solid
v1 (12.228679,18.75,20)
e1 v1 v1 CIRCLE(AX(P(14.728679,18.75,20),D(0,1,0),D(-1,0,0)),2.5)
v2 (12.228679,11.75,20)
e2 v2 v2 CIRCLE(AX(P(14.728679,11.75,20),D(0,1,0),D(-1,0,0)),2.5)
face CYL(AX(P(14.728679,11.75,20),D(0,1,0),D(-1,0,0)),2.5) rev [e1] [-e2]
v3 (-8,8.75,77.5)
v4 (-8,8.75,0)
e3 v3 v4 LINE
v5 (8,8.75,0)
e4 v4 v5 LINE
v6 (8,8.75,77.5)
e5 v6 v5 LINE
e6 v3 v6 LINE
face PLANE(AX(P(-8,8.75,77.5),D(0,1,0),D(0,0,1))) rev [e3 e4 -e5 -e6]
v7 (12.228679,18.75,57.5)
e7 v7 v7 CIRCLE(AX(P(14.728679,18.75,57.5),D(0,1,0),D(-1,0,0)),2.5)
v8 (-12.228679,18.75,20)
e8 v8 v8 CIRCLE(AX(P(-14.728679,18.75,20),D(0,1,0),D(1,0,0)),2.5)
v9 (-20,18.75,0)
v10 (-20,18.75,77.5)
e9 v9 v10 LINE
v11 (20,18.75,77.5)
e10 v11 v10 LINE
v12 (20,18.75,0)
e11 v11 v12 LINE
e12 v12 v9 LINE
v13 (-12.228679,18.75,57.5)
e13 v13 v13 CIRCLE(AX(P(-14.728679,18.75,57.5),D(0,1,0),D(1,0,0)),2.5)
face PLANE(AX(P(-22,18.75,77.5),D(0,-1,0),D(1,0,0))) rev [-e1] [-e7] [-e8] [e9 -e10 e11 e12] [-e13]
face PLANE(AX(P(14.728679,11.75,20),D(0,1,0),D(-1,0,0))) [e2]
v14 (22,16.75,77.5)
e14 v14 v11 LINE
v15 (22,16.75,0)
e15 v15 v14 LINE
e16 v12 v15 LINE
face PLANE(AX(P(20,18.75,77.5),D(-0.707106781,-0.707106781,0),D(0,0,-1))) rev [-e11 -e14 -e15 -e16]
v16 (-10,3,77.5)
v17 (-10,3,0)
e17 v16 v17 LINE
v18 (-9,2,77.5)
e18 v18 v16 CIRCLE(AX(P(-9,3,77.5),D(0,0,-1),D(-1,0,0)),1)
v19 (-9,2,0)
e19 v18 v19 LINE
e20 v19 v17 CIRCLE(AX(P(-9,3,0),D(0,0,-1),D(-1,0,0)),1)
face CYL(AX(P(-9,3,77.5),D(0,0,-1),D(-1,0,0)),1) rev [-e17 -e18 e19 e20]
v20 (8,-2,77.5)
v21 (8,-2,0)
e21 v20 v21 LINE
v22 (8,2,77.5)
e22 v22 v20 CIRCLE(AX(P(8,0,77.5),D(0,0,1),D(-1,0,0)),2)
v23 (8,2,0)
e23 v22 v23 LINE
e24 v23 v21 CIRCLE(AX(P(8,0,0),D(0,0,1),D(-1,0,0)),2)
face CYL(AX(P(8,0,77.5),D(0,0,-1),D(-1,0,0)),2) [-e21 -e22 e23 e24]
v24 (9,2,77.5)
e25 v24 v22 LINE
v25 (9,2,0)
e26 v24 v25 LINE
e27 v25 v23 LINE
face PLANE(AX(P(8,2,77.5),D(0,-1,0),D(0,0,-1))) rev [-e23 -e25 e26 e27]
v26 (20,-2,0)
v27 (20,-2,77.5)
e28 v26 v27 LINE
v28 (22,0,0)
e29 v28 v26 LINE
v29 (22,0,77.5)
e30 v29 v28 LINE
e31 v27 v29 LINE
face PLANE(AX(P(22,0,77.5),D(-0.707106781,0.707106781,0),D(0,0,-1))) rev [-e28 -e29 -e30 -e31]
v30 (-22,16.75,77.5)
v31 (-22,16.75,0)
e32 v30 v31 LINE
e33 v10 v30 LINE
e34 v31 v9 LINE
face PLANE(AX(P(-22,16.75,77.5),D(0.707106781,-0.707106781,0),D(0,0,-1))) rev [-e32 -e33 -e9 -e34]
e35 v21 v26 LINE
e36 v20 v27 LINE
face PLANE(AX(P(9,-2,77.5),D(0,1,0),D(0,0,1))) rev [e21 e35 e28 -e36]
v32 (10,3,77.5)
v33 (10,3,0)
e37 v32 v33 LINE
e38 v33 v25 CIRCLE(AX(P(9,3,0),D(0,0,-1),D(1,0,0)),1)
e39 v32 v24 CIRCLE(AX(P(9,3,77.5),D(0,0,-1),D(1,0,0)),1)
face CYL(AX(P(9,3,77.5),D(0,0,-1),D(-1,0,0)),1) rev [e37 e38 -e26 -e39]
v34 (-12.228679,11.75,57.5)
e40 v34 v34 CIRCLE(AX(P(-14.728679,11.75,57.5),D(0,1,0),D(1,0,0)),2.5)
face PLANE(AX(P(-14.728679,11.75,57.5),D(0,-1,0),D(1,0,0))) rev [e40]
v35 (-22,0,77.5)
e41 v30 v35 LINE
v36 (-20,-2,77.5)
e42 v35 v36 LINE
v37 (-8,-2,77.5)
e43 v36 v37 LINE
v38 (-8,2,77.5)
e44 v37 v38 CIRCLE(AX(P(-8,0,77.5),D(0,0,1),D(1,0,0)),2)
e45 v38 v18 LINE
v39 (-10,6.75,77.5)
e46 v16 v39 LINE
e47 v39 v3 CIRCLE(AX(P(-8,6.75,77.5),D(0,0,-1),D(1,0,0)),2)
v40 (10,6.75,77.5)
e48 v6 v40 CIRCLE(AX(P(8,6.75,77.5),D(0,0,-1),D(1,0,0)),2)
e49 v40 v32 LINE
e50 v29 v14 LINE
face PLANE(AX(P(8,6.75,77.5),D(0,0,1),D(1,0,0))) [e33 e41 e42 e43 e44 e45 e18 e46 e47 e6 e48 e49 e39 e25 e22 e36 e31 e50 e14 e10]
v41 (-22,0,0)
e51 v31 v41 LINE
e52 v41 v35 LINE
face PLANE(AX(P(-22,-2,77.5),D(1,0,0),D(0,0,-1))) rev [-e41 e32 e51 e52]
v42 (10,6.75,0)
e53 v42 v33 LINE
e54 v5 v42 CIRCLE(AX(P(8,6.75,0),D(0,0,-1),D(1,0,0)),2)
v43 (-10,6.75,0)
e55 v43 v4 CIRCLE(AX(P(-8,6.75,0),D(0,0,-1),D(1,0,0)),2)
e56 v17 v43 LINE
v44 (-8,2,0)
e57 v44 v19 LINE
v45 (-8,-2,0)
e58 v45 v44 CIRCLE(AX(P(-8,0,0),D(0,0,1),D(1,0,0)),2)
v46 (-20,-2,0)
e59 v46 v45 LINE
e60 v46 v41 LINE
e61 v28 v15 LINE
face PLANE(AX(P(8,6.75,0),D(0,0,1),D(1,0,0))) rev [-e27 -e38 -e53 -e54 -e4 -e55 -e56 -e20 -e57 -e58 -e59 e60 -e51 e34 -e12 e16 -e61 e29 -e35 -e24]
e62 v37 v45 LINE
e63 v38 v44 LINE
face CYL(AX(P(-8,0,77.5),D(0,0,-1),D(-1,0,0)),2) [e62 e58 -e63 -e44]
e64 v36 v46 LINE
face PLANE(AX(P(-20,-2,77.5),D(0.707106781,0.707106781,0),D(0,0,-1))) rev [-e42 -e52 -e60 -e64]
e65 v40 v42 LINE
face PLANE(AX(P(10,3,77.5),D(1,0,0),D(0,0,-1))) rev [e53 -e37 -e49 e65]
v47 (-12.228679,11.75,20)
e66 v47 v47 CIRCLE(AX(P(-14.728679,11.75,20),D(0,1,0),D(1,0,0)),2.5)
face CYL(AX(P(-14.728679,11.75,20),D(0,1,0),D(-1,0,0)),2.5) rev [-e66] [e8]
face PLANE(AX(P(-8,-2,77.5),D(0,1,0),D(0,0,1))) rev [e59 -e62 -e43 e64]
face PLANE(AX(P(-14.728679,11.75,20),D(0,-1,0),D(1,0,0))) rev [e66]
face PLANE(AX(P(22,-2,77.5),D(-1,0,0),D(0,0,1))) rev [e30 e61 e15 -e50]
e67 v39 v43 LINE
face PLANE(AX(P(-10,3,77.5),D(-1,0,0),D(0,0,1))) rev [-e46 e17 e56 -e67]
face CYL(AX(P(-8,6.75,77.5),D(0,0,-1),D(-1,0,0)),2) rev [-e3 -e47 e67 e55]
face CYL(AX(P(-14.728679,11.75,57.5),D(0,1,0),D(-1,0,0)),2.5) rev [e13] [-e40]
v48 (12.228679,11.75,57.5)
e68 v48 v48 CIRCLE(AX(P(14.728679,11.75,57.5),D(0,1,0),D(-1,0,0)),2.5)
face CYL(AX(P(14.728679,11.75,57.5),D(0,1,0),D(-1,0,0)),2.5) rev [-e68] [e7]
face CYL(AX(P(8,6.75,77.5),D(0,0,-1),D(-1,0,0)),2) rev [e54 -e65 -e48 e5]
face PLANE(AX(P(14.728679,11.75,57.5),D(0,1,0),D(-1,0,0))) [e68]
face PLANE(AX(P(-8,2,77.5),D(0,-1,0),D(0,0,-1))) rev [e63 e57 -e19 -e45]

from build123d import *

# Parameters (mm, degrees)
BOSS_EXTRUDE2_DEPTH = 77.5
CHAMFER1_SIZE       = 2
SKETCH2_R           = 2.5
CUT_EXTRUDE1_DEPTH  = 7


with BuildPart() as part:
    # Sketch1 → Boss-Extrude2 (new body)
    with BuildSketch(Plane.XY):
        with BuildLine():
            Line((-8, 8.75), (8, 8.75))
            ThreePointArc((8, 8.75), (9.414213562, 8.164213562), (10, 6.75))
            Line((10, 6.75), (10, 3))
            ThreePointArc((10, 3), (9.707106781, 2.292893219), (9, 2))
            Line((9, 2), (8, 2))
            ThreePointArc((8, 2), (6, 0), (8, -2))
            Line((8, -2), (9, -2))
            Line((9, -2), (22, -2))
            Line((22, -2), (22, 18.75))
            Line((22, 18.75), (-22, 18.75))
            Line((-22, 18.75), (-22, -2))
            Line((-22, -2), (-9, -2))
            Line((-9, -2), (-8, -2))
            ThreePointArc((-8, -2), (-6, 0), (-8, 2))
            Line((-8, 2), (-9, 2))
            ThreePointArc((-9, 2), (-9.707106781, 2.292893219), (-10, 3))
            Line((-10, 3), (-10, 6.75))
            ThreePointArc((-10, 6.75), (-9.414213562, 8.164213562), (-8, 8.75))
        make_face()
    extrude(amount=BOSS_EXTRUDE2_DEPTH)

    # Chamfer1
    chamfer1_edges = [part.edges().sort_by_distance(p)[0] for p in [
        (-22, -2, 38.75),
        (-22, 18.75, 38.75),
        (22, 18.75, 38.75),
        (22, -2, 38.75),
    ]]
    chamfer(chamfer1_edges, length=CHAMFER1_SIZE)

    # Sketch2 → Cut-Extrude1 (cut)
    with BuildSketch(Plane(origin=(0, 18.75, 0), x_dir=(1, 0, 0), z_dir=(0, 1, 0))):
        with Locations(Location((14.728679071, -57.5, 0), (0, 0, 180))):
            Circle(SKETCH2_R)
        with Locations(Location((14.728679071, -20, 0), (0, 0, 180))):
            Circle(SKETCH2_R)
        with Locations((-14.728679071, -57.5)):
            Circle(SKETCH2_R)
        with Locations((-14.728679071, -20)):
            Circle(SKETCH2_R)
    extrude(amount=-CUT_EXTRUDE1_DEPTH, mode=Mode.SUBTRACT)


solid = part.part
